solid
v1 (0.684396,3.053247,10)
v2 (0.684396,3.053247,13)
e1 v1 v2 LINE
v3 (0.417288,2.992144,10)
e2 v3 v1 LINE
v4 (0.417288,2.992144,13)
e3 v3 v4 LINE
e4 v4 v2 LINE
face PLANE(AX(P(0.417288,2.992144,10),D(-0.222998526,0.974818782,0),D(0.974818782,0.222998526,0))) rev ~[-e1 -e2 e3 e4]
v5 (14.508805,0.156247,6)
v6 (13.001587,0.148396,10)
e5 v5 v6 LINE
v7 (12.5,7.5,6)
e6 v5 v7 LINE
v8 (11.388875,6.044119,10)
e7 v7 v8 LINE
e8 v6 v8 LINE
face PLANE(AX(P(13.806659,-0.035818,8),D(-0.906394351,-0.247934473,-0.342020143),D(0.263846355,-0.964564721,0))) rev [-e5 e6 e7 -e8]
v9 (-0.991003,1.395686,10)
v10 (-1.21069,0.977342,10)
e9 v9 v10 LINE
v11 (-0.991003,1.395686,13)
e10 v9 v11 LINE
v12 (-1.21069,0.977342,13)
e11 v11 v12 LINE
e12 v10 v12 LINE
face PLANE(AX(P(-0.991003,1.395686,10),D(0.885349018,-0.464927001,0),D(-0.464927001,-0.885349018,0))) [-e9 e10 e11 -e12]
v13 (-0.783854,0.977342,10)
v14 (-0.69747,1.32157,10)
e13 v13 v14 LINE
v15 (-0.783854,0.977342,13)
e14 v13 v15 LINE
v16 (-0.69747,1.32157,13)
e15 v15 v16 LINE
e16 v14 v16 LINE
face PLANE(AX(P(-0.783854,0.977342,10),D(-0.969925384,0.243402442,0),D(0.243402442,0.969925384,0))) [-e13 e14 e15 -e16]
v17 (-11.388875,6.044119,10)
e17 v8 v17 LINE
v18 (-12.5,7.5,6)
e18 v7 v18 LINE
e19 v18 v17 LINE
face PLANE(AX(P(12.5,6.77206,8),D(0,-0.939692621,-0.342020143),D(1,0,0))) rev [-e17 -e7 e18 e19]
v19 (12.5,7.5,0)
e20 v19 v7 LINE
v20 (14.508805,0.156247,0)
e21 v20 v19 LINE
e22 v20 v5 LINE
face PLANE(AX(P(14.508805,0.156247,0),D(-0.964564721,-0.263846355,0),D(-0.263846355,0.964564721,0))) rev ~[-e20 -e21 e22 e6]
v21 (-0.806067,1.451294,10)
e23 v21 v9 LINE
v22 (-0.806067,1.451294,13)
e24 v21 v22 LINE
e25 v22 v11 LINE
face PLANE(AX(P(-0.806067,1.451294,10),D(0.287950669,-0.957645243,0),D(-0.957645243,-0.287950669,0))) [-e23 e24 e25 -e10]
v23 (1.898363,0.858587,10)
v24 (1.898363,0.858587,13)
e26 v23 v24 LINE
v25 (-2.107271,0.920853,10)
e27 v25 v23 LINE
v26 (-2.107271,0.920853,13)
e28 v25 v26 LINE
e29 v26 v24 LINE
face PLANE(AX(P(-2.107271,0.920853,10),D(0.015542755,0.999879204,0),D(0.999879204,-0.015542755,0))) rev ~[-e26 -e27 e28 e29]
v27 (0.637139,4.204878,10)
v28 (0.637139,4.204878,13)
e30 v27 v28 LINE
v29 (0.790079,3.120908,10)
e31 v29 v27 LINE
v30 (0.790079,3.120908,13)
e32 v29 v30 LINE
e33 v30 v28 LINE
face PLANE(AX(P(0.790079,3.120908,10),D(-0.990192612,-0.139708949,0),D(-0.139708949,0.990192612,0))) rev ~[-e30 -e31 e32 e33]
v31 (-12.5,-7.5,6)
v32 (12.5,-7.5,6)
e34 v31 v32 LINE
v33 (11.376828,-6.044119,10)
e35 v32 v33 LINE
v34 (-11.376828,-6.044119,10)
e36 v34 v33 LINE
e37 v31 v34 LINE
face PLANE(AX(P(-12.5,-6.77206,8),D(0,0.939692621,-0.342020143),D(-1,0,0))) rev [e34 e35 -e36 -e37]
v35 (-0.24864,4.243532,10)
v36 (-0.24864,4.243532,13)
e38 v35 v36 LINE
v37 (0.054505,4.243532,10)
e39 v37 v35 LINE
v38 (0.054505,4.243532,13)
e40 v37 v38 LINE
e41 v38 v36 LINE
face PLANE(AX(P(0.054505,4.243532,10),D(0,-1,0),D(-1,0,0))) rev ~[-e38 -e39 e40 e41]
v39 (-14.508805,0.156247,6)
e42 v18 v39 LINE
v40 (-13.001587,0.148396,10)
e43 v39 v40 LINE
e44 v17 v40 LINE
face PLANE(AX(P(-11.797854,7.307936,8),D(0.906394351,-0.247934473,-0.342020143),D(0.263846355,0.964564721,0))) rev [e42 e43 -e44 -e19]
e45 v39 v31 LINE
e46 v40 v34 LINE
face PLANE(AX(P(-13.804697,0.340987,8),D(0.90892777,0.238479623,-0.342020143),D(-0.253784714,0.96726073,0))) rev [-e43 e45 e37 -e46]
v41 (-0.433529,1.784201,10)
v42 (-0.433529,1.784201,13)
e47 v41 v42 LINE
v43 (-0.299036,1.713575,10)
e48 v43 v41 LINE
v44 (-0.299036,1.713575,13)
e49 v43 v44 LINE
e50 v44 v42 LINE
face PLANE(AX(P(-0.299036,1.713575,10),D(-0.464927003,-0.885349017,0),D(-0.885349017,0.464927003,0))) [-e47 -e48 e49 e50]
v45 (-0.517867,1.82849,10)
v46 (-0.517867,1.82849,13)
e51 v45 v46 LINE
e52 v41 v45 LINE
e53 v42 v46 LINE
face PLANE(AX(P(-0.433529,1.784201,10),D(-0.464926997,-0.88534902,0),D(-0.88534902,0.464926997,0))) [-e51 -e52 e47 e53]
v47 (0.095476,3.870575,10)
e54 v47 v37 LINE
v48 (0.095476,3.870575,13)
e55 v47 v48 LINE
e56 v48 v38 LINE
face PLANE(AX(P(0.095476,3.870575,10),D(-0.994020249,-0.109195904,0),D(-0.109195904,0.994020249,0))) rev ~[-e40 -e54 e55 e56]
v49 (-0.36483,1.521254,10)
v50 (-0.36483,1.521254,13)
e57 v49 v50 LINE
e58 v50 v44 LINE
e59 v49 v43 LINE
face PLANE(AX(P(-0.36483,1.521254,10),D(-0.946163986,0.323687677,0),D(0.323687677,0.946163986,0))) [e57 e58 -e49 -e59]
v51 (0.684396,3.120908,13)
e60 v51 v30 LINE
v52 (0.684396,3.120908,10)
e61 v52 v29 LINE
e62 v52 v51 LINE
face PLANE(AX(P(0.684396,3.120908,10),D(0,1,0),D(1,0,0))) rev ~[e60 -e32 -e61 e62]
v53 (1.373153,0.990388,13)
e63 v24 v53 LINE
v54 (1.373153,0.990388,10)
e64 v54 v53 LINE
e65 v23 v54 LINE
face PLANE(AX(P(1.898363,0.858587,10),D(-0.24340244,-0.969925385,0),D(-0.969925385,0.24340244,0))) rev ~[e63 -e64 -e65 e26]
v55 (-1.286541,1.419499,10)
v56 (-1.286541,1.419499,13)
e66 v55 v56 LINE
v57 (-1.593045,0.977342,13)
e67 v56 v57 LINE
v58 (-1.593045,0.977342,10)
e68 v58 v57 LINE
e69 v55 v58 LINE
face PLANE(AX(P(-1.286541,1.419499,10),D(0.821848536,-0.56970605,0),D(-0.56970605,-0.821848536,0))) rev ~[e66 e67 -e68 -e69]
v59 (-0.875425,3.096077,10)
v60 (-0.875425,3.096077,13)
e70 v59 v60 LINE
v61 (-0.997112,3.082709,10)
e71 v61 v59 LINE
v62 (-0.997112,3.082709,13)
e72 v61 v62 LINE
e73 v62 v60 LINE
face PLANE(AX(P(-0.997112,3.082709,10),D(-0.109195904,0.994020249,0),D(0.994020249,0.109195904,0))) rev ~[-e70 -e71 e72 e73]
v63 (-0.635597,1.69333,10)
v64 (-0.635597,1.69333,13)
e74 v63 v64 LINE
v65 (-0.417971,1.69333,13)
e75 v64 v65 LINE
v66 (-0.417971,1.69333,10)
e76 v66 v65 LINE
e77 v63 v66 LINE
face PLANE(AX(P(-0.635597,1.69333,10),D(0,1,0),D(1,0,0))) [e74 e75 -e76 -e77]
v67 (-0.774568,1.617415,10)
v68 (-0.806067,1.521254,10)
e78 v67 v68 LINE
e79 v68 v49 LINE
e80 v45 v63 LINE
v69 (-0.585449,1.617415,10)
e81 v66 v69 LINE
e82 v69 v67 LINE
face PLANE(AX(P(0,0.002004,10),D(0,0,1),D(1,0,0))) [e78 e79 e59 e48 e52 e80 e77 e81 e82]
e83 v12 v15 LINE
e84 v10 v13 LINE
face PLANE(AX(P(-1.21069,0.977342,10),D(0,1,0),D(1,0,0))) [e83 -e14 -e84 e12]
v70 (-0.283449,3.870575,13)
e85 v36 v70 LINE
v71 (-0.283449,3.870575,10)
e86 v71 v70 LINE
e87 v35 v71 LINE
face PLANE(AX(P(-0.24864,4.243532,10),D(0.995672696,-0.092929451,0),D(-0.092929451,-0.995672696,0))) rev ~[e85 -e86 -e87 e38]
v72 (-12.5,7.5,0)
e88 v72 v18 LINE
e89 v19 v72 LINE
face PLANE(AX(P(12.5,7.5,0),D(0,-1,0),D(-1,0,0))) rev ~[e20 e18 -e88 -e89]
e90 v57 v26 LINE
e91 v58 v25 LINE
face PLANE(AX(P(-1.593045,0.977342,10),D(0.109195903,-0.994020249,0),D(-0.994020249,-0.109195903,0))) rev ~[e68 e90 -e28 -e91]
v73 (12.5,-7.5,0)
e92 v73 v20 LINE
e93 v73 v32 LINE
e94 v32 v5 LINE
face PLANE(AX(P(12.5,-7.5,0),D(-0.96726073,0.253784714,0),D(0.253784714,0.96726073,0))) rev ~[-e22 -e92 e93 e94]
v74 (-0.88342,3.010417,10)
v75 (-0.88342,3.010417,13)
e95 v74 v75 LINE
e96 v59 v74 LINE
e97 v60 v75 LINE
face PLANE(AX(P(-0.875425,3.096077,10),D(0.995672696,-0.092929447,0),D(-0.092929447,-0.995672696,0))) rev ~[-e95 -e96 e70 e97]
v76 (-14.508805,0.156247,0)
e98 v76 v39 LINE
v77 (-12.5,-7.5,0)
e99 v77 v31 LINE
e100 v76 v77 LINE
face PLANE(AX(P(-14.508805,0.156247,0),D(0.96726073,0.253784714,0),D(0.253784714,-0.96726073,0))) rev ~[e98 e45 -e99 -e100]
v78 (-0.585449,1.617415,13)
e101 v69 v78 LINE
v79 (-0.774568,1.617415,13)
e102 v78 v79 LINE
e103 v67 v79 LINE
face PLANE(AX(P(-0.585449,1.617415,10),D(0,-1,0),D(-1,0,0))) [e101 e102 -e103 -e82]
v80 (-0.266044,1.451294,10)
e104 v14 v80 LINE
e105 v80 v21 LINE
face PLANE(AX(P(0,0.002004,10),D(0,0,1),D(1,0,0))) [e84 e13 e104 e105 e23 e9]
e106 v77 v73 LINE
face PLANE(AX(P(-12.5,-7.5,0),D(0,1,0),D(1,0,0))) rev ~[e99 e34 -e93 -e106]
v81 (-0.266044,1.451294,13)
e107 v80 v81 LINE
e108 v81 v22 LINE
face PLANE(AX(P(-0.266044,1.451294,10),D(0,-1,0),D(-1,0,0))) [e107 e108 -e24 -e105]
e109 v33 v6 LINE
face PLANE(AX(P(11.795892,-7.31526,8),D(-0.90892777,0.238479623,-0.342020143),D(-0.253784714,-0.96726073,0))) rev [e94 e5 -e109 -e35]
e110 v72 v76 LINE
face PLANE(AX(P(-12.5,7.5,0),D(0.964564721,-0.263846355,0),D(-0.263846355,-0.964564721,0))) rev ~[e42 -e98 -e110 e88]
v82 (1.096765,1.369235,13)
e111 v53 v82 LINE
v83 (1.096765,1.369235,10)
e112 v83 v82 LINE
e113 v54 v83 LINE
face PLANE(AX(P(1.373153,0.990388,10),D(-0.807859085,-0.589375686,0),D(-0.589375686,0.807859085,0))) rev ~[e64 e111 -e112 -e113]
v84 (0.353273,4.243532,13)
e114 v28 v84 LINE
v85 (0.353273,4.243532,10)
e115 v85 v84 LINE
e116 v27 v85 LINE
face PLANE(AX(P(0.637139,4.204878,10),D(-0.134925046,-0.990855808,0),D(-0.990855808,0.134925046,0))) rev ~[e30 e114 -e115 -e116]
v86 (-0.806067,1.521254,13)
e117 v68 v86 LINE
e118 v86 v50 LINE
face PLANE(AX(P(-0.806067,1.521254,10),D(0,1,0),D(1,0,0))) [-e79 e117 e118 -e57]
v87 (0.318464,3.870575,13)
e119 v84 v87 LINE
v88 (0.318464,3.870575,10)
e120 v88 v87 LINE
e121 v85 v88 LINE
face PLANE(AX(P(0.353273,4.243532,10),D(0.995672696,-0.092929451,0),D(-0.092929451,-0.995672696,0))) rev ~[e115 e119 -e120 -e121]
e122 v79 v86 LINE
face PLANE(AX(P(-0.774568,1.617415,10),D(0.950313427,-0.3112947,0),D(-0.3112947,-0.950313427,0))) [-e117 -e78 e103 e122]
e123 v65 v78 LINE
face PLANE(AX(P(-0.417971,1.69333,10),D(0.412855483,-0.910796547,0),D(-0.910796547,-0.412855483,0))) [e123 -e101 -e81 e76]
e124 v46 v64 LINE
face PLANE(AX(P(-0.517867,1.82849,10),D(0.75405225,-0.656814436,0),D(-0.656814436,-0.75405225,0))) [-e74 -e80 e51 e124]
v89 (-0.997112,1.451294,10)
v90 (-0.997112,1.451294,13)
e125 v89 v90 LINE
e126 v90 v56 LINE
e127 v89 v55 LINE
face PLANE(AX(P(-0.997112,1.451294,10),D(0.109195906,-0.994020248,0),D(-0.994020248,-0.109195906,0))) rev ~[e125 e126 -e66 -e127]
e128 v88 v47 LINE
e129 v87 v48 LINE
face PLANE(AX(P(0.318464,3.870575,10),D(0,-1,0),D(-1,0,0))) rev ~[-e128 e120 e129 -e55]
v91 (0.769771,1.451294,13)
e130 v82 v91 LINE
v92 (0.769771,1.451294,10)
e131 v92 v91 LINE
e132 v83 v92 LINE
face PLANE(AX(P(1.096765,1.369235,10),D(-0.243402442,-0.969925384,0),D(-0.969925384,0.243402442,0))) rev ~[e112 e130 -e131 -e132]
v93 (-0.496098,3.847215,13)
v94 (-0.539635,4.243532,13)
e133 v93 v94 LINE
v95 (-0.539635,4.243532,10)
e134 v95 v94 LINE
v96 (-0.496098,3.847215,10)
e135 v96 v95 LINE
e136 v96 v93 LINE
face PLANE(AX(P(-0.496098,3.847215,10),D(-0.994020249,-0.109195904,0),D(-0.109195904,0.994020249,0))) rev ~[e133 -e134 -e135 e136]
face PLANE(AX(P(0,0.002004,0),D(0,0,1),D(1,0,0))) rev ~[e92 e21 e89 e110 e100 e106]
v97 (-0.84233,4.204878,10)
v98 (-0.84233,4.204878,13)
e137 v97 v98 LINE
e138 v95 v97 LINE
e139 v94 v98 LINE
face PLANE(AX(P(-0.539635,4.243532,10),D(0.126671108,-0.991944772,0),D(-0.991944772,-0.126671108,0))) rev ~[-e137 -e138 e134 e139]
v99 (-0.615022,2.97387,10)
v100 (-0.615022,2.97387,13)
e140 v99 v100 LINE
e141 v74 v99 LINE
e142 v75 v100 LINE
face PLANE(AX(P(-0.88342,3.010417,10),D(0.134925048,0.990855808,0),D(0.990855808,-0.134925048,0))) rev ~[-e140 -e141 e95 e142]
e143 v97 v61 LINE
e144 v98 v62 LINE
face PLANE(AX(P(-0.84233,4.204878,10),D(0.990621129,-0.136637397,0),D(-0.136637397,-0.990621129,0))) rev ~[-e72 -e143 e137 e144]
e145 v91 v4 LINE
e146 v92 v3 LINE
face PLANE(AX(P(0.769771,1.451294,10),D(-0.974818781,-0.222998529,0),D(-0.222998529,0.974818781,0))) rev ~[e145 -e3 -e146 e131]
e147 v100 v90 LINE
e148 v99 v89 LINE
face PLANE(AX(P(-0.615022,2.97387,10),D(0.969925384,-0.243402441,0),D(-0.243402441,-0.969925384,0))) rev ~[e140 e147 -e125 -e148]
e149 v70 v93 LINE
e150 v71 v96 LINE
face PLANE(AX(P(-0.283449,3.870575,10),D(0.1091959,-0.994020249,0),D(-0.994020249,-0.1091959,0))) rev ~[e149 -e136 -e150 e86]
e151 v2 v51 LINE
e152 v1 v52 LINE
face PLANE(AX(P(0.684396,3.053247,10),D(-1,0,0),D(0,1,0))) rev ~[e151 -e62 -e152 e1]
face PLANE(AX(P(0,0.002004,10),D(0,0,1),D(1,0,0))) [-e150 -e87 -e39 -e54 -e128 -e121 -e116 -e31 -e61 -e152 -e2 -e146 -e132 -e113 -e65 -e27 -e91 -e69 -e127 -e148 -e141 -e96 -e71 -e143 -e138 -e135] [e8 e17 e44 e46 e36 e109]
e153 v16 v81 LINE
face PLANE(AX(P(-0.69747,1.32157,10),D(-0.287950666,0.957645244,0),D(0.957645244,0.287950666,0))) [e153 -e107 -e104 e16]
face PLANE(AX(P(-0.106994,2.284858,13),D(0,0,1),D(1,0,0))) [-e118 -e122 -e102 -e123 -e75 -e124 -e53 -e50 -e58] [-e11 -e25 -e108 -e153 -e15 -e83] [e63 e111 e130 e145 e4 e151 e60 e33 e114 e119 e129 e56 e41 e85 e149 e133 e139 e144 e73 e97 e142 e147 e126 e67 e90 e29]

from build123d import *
from OCP.BRepFilletAPI import BRepFilletAPI_MakeChamfer

# Parameters (mm, degrees)
EXTRUDE_1_DEPTH = 10
CHAMFER_4_SIZE  = 4
CHAMFER_4_SIZE2 = 1.455880937
EXTRUDE_2_DEPTH = 3


with BuildPart() as part:
    # 草图1 → 凸台-拉伸1 (new body)
    with BuildSketch(Plane.XY):
        Polygon((-12.5, 7.5), (-14.508805155, 0.156246539), (-12.5, -7.5), (12.5, -7.5), (14.508805155, 0.156246539), (12.5, 7.5), align=None)
    extrude(amount=EXTRUDE_1_DEPTH)

    # 倒角4: one chamfer whose edges measure the first distance from different faces: ONE call of the kernel's chamfer builder (chamfer() names one face for all edges)
    chamfer_4_edges_1 = [part.edges().sort_by_distance(p)[0] for p in [
        (-13.504402578, 3.82812327, 10),
    ]]
    chamfer_4_side_1 = [part.faces().sort_by_distance(p)[0] for p in [
        (-13.504402578, 3.82812327, 5),
    ]]
    chamfer_4_edges_2 = [part.edges().sort_by_distance(p)[0] for p in [
        (-13.504402578, -3.67187673, 10),
    ]]
    chamfer_4_side_2 = [part.faces().sort_by_distance(p)[0] for p in [
        (-13.504402578, -3.67187673, 5),
    ]]
    chamfer_4_edges_3 = [part.edges().sort_by_distance(p)[0] for p in [
        (0, -7.5, 10),
    ]]
    chamfer_4_side_3 = [part.faces().sort_by_distance(p)[0] for p in [
        (0, -7.5, 5),
    ]]
    chamfer_4_edges_4 = [part.edges().sort_by_distance(p)[0] for p in [
        (13.504402578, -3.67187673, 10),
    ]]
    chamfer_4_side_4 = [part.faces().sort_by_distance(p)[0] for p in [
        (13.504402578, -3.67187673, 5),
    ]]
    chamfer_4_edges_5 = [part.edges().sort_by_distance(p)[0] for p in [
        (13.504402578, 3.82812327, 10),
    ]]
    chamfer_4_side_5 = [part.faces().sort_by_distance(p)[0] for p in [
        (13.504402578, 3.82812327, 5),
    ]]
    chamfer_4_edges_6 = [part.edges().sort_by_distance(p)[0] for p in [
        (0, 7.5, 10),
    ]]
    chamfer_4_side_6 = [part.faces().sort_by_distance(p)[0] for p in [
        (0, 7.5, 5),
    ]]
    chamfer_4 = BRepFilletAPI_MakeChamfer(part.part.solid().wrapped)
    for e in chamfer_4_edges_1:
        chamfer_4.Add(CHAMFER_4_SIZE, CHAMFER_4_SIZE2, e.wrapped, chamfer_4_side_1[0].wrapped)  # the first distance lies on this face
    for e in chamfer_4_edges_2:
        chamfer_4.Add(CHAMFER_4_SIZE, CHAMFER_4_SIZE2, e.wrapped, chamfer_4_side_2[0].wrapped)  # the first distance lies on this face
    for e in chamfer_4_edges_3:
        chamfer_4.Add(CHAMFER_4_SIZE, CHAMFER_4_SIZE2, e.wrapped, chamfer_4_side_3[0].wrapped)  # the first distance lies on this face
    for e in chamfer_4_edges_4:
        chamfer_4.Add(CHAMFER_4_SIZE, CHAMFER_4_SIZE2, e.wrapped, chamfer_4_side_4[0].wrapped)  # the first distance lies on this face
    for e in chamfer_4_edges_5:
        chamfer_4.Add(CHAMFER_4_SIZE, CHAMFER_4_SIZE2, e.wrapped, chamfer_4_side_5[0].wrapped)  # the first distance lies on this face
    for e in chamfer_4_edges_6:
        chamfer_4.Add(CHAMFER_4_SIZE, CHAMFER_4_SIZE2, e.wrapped, chamfer_4_side_6[0].wrapped)  # the first distance lies on this face
    add(Compound.cast(chamfer_4.Shape()), mode=Mode.REPLACE)

    # 草图4 → 凸台-拉伸2 (add)
    with BuildSketch(Plane.XY.offset(10)):
        Polygon((-0.842329886, 4.204878172), (-0.997111855, 3.082708897), (-0.875425349, 3.0960765), (-0.88342019, 3.010417485), (-0.615021943, 2.973869638), (-0.997111855, 1.451293683), (-1.286540896, 1.419499093), (-1.593044591, 0.977341926), (-2.107271415, 0.920852672), (1.898363481, 0.85858655), (1.373153369, 0.990387846), (1.096764689, 1.369234669), (0.769770761, 1.451293683), (0.417287548, 2.992143562), (0.684395911, 3.053246992), (0.684395911, 3.120908441), (0.790079324, 3.120908441), (0.637139108, 4.204878172), (0.353273229, 4.243532249), (0.31846389, 3.870575043), (0.095475844, 3.870575043), (0.054505452, 4.243532249), (-0.248639641, 4.243532249), (-0.28344898, 3.870575043), (-0.496098331, 3.847214918), (-0.539634898, 4.243532249), align=None)
        Polygon((-1.210689891, 0.977341926), (-0.783853716, 0.977341926), (-0.697469796, 1.321570013), (-0.266044311, 1.451293683), (-0.806066899, 1.451293683), (-0.991003184, 1.395685902), align=None, mode=Mode.SUBTRACT)
        Polygon((-0.806066899, 1.521254444), (-0.364830167, 1.521254444), (-0.29903642, 1.713574629), (-0.43352874, 1.784201139), (-0.517866614, 1.828489836), (-0.635596744, 1.693330399), (-0.417971271, 1.693330399), (-0.585448533, 1.617414536), (-0.774567684, 1.617414536), align=None, mode=Mode.SUBTRACT)
    extrude(amount=EXTRUDE_2_DEPTH)


solid = part.part
